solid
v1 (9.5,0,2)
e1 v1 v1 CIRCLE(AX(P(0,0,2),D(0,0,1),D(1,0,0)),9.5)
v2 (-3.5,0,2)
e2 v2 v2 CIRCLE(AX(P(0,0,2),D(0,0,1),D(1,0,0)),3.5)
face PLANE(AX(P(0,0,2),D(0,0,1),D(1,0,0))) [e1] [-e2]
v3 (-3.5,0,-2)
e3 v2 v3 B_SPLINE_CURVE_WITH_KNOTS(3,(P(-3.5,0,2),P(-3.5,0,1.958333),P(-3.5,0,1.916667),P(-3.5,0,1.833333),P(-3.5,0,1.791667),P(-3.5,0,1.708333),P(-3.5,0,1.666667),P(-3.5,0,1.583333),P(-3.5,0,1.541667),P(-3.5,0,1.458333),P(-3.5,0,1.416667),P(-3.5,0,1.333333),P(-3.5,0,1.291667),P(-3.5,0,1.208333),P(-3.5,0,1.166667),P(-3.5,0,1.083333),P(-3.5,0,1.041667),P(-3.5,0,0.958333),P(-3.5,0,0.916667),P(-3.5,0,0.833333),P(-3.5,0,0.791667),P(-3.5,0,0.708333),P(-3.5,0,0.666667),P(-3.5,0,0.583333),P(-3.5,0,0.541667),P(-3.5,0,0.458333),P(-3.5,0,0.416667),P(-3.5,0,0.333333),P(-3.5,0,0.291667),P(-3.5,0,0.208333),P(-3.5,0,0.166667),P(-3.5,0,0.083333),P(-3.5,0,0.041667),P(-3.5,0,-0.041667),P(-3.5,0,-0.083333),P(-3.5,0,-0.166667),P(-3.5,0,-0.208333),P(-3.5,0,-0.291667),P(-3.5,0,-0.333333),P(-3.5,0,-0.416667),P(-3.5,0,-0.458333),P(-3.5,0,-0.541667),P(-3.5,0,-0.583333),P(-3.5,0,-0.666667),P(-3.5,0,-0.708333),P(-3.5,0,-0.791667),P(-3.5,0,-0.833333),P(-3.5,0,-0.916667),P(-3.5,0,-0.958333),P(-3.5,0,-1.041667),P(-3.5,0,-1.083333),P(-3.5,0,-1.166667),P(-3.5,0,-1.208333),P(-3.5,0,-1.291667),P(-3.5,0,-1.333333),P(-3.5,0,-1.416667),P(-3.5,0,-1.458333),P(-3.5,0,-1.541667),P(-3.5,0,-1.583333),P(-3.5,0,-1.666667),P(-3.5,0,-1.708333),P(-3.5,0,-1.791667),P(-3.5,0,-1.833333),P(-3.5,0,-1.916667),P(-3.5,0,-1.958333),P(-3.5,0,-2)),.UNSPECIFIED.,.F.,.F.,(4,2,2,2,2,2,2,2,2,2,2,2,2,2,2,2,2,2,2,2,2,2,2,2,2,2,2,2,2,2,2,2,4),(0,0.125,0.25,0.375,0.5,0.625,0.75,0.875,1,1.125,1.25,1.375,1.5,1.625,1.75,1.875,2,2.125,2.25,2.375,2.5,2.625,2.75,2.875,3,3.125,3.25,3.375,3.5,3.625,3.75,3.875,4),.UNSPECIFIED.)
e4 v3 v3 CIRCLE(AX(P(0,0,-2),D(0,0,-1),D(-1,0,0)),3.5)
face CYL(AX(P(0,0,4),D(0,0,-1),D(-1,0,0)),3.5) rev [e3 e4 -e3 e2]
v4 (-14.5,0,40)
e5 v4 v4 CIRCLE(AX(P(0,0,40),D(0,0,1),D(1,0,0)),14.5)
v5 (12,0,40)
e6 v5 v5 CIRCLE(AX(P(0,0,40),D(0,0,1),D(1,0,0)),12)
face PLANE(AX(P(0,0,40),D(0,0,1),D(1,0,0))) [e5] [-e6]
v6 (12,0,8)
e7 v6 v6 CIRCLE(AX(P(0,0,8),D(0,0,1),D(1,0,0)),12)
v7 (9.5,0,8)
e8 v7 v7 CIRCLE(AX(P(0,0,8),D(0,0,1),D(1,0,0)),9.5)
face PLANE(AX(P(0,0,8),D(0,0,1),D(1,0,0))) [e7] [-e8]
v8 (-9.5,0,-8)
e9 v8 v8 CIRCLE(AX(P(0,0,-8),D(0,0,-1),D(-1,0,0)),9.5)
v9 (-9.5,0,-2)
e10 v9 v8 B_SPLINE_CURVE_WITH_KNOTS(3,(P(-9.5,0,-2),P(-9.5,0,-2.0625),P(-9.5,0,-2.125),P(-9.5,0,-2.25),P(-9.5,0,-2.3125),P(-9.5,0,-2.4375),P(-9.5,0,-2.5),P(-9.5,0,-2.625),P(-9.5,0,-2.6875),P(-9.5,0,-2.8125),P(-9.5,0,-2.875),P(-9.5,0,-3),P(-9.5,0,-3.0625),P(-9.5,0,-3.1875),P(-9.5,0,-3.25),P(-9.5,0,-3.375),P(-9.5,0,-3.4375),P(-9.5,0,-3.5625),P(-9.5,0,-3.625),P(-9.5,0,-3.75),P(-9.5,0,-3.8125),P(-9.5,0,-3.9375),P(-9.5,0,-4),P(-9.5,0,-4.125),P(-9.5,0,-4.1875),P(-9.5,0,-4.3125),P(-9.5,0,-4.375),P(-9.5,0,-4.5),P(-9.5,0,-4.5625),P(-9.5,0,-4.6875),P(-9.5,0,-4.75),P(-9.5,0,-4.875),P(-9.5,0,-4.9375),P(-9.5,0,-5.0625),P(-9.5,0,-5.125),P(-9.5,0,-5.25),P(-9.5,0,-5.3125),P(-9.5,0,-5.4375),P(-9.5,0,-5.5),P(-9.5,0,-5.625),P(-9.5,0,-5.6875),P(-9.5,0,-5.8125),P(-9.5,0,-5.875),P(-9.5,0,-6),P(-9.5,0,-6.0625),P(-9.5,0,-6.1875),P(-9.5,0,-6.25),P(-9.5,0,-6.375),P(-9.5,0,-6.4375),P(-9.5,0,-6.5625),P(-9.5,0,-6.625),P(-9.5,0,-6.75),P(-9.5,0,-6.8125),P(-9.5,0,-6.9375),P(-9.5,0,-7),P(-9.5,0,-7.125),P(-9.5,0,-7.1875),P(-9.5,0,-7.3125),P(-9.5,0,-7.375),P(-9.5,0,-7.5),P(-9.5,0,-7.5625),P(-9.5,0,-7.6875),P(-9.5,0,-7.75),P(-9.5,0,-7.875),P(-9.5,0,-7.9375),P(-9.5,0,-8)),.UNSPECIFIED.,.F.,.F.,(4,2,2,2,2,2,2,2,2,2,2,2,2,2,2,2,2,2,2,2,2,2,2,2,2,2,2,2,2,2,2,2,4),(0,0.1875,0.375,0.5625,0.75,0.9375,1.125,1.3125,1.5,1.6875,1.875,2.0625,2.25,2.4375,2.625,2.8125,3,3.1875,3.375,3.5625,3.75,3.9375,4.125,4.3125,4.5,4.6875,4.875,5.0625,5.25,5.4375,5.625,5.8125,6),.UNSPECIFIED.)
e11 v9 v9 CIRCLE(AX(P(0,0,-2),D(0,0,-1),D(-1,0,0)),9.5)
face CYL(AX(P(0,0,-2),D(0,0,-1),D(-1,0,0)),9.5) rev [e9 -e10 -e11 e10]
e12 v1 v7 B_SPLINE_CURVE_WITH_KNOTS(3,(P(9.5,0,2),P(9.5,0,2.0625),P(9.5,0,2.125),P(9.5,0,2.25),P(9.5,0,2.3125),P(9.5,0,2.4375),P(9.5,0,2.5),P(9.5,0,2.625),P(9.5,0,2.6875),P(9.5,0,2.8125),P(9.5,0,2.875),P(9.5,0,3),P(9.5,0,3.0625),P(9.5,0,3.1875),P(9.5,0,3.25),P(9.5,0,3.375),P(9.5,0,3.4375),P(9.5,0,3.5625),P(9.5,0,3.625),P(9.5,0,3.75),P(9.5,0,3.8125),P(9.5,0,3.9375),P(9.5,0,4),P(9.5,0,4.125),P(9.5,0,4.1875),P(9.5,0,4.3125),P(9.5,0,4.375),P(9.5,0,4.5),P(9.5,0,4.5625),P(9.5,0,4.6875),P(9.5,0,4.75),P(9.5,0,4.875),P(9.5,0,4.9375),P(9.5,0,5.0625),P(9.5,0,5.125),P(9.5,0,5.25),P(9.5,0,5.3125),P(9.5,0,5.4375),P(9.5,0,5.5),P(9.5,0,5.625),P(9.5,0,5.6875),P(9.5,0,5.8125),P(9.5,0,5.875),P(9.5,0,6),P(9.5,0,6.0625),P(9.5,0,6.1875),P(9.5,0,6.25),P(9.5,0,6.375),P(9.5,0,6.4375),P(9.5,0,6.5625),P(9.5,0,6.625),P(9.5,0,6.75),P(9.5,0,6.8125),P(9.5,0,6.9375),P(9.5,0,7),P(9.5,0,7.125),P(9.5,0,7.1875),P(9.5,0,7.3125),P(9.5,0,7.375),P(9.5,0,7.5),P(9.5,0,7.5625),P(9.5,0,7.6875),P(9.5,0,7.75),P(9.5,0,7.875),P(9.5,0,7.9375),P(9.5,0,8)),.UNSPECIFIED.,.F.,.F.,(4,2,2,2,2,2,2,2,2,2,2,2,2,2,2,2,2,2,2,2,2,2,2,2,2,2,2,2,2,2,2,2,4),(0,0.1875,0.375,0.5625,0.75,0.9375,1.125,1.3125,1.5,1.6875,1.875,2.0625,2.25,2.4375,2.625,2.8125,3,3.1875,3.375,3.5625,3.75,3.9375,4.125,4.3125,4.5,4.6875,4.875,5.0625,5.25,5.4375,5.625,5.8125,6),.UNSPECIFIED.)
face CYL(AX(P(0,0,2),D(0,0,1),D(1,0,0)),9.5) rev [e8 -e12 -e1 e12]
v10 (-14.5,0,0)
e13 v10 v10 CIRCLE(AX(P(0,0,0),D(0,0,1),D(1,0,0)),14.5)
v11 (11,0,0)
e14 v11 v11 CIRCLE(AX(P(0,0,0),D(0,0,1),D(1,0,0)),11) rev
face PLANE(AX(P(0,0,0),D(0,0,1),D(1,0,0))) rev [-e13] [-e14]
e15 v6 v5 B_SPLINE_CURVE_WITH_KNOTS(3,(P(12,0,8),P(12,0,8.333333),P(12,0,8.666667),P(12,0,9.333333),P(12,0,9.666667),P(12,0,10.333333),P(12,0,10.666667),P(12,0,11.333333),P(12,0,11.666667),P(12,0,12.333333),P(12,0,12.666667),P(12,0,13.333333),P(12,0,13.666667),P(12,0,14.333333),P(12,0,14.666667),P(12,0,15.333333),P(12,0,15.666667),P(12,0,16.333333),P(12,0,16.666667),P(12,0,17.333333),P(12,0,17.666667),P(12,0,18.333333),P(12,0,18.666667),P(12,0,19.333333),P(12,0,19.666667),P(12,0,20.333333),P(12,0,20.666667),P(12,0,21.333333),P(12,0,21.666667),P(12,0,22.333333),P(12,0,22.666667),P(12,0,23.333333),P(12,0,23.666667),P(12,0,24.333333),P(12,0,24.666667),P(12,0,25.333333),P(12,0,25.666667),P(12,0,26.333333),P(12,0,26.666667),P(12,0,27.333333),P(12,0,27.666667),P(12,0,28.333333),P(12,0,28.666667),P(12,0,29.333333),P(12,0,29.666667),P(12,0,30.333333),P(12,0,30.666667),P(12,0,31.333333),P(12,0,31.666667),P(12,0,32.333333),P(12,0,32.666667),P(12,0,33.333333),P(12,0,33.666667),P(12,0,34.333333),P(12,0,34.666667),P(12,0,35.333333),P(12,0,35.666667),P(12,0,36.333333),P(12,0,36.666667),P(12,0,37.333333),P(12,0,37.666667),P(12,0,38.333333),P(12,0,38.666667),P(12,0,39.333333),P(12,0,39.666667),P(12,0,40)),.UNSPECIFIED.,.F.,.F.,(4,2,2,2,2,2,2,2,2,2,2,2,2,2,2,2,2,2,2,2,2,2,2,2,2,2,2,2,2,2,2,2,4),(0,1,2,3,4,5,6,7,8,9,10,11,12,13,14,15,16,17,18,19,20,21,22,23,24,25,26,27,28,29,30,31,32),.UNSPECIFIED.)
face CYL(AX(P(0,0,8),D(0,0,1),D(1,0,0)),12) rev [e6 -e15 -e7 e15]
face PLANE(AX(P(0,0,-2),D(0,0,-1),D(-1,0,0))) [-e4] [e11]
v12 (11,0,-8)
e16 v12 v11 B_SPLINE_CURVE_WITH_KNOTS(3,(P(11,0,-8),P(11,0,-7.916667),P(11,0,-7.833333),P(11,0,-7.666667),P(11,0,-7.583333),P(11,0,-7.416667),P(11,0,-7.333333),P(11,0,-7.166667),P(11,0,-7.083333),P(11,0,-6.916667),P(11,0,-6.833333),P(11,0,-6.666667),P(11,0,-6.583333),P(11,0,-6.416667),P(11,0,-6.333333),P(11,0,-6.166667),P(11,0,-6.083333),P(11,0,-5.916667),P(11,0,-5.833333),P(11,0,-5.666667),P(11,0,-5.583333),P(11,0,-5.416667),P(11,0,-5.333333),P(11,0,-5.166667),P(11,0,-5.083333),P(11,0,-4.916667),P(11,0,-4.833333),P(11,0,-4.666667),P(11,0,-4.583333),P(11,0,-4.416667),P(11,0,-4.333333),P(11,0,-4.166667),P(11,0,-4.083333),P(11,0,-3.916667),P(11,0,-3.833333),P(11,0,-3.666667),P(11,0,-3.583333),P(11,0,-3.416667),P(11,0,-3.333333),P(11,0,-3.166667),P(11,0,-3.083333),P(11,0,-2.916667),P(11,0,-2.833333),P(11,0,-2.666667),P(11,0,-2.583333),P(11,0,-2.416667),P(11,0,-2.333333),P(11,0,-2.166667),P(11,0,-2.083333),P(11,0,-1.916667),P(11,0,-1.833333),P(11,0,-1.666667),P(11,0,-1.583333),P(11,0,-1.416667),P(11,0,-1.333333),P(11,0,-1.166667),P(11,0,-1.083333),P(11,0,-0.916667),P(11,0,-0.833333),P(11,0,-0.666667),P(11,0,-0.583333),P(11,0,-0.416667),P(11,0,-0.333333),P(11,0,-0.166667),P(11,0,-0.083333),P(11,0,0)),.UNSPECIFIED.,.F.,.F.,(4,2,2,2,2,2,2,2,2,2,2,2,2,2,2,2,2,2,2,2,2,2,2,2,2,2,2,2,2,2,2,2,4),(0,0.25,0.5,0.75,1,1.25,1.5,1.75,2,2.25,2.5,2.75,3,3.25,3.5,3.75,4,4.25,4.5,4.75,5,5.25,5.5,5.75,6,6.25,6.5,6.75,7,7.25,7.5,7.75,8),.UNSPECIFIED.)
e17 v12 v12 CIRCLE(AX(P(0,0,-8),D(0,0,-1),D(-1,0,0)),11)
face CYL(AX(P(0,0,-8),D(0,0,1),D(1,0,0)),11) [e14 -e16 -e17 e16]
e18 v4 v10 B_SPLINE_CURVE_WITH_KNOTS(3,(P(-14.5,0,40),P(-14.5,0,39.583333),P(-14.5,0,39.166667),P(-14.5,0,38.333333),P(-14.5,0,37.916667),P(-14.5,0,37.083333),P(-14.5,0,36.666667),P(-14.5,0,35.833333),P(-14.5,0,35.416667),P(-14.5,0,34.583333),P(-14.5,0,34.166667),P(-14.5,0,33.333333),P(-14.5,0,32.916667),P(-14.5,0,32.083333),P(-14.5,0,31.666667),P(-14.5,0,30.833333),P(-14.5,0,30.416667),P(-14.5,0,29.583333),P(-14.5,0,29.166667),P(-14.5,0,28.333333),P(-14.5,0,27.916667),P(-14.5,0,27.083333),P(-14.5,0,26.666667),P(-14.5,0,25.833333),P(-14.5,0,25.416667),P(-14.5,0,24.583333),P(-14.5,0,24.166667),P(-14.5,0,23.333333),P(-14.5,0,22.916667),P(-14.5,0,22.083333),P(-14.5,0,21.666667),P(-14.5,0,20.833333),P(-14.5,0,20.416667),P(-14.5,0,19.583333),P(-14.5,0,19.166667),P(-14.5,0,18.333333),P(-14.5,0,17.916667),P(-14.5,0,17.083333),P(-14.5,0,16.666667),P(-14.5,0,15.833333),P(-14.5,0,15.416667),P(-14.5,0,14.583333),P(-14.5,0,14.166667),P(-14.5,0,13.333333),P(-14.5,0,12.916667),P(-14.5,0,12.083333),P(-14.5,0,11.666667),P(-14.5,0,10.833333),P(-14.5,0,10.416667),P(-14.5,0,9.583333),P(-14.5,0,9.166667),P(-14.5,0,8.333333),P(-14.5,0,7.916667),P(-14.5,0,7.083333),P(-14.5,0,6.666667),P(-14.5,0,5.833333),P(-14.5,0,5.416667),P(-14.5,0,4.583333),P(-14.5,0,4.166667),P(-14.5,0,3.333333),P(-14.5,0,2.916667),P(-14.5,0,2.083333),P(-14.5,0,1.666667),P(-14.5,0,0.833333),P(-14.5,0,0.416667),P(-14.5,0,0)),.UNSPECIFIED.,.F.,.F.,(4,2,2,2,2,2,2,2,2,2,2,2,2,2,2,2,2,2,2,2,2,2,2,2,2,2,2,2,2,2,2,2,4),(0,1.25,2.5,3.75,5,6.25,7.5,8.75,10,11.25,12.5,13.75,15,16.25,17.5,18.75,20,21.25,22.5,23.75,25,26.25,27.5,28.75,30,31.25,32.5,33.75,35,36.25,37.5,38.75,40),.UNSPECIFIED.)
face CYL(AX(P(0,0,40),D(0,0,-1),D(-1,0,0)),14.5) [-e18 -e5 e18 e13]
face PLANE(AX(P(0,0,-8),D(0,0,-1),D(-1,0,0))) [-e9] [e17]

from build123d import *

# Parameters (mm, degrees)
SKETCH_1_R          = 14.5
EXTRUDE_1_DEPTH     = 40
SKETCH_2_R          = 12
CUT_EXTRUDE_1_DEPTH = 32
SKETCH_3_R          = 11
EXTRUDE_2_DEPTH     = 8
SKETCH_4_R          = 9.5
CUT_EXTRUDE_2_DEPTH = 6
CUT_EXTRUDE_START   = -6
SKETCH_5_R          = 9.5
CUT_EXTRUDE_3_DEPTH = 6
SKETCH_6_R          = 3.5
CUT_EXTRUDE_4_DEPTH = 6


with BuildPart() as part:
    # 스케치1 → 돌출1 (new body)
    with BuildSketch(Plane.XY):
        Circle(SKETCH_1_R)
    extrude(amount=EXTRUDE_1_DEPTH)

    # 스케치2 → 컷-돌출1 (cut)
    with BuildSketch(Plane.XY.offset(40)):
        Circle(SKETCH_2_R)
    extrude(amount=-CUT_EXTRUDE_1_DEPTH, mode=Mode.SUBTRACT)

    # 스케치3 → 돌출2 (add)
    with BuildSketch(Plane(origin=(0, 0, 0), x_dir=(-1, 0, 0), z_dir=(0, 0, -1))):
        with Locations(Location((0, 0, 0), (0, 0, 180))):
            Circle(SKETCH_3_R)
    extrude(amount=EXTRUDE_2_DEPTH)

    # 스케치4 → 컷-돌출2 (cut)
    with BuildSketch(Plane.XY.offset(8)):
        Circle(SKETCH_4_R)
    extrude(amount=-CUT_EXTRUDE_2_DEPTH, mode=Mode.SUBTRACT)

    # 스케치5 → 컷-돌출3 (cut)
    with BuildSketch(Plane(origin=(0, 0, -8), x_dir=(-1, 0, 0), z_dir=(0, 0, -1)).offset(CUT_EXTRUDE_START)):
        with Locations(Location((0, 0, 0), (0, 0, 180))):
            Circle(SKETCH_5_R)
    extrude(amount=CUT_EXTRUDE_3_DEPTH, mode=Mode.SUBTRACT)

    # 스케치6 → 컷-돌출4 (cut)
    with BuildSketch(Plane(origin=(0, 0, -2), x_dir=(-1, 0, 0), z_dir=(0, 0, -1))):
        Circle(SKETCH_6_R)
    extrude(amount=-CUT_EXTRUDE_4_DEPTH, mode=Mode.SUBTRACT)


solid = part.part
